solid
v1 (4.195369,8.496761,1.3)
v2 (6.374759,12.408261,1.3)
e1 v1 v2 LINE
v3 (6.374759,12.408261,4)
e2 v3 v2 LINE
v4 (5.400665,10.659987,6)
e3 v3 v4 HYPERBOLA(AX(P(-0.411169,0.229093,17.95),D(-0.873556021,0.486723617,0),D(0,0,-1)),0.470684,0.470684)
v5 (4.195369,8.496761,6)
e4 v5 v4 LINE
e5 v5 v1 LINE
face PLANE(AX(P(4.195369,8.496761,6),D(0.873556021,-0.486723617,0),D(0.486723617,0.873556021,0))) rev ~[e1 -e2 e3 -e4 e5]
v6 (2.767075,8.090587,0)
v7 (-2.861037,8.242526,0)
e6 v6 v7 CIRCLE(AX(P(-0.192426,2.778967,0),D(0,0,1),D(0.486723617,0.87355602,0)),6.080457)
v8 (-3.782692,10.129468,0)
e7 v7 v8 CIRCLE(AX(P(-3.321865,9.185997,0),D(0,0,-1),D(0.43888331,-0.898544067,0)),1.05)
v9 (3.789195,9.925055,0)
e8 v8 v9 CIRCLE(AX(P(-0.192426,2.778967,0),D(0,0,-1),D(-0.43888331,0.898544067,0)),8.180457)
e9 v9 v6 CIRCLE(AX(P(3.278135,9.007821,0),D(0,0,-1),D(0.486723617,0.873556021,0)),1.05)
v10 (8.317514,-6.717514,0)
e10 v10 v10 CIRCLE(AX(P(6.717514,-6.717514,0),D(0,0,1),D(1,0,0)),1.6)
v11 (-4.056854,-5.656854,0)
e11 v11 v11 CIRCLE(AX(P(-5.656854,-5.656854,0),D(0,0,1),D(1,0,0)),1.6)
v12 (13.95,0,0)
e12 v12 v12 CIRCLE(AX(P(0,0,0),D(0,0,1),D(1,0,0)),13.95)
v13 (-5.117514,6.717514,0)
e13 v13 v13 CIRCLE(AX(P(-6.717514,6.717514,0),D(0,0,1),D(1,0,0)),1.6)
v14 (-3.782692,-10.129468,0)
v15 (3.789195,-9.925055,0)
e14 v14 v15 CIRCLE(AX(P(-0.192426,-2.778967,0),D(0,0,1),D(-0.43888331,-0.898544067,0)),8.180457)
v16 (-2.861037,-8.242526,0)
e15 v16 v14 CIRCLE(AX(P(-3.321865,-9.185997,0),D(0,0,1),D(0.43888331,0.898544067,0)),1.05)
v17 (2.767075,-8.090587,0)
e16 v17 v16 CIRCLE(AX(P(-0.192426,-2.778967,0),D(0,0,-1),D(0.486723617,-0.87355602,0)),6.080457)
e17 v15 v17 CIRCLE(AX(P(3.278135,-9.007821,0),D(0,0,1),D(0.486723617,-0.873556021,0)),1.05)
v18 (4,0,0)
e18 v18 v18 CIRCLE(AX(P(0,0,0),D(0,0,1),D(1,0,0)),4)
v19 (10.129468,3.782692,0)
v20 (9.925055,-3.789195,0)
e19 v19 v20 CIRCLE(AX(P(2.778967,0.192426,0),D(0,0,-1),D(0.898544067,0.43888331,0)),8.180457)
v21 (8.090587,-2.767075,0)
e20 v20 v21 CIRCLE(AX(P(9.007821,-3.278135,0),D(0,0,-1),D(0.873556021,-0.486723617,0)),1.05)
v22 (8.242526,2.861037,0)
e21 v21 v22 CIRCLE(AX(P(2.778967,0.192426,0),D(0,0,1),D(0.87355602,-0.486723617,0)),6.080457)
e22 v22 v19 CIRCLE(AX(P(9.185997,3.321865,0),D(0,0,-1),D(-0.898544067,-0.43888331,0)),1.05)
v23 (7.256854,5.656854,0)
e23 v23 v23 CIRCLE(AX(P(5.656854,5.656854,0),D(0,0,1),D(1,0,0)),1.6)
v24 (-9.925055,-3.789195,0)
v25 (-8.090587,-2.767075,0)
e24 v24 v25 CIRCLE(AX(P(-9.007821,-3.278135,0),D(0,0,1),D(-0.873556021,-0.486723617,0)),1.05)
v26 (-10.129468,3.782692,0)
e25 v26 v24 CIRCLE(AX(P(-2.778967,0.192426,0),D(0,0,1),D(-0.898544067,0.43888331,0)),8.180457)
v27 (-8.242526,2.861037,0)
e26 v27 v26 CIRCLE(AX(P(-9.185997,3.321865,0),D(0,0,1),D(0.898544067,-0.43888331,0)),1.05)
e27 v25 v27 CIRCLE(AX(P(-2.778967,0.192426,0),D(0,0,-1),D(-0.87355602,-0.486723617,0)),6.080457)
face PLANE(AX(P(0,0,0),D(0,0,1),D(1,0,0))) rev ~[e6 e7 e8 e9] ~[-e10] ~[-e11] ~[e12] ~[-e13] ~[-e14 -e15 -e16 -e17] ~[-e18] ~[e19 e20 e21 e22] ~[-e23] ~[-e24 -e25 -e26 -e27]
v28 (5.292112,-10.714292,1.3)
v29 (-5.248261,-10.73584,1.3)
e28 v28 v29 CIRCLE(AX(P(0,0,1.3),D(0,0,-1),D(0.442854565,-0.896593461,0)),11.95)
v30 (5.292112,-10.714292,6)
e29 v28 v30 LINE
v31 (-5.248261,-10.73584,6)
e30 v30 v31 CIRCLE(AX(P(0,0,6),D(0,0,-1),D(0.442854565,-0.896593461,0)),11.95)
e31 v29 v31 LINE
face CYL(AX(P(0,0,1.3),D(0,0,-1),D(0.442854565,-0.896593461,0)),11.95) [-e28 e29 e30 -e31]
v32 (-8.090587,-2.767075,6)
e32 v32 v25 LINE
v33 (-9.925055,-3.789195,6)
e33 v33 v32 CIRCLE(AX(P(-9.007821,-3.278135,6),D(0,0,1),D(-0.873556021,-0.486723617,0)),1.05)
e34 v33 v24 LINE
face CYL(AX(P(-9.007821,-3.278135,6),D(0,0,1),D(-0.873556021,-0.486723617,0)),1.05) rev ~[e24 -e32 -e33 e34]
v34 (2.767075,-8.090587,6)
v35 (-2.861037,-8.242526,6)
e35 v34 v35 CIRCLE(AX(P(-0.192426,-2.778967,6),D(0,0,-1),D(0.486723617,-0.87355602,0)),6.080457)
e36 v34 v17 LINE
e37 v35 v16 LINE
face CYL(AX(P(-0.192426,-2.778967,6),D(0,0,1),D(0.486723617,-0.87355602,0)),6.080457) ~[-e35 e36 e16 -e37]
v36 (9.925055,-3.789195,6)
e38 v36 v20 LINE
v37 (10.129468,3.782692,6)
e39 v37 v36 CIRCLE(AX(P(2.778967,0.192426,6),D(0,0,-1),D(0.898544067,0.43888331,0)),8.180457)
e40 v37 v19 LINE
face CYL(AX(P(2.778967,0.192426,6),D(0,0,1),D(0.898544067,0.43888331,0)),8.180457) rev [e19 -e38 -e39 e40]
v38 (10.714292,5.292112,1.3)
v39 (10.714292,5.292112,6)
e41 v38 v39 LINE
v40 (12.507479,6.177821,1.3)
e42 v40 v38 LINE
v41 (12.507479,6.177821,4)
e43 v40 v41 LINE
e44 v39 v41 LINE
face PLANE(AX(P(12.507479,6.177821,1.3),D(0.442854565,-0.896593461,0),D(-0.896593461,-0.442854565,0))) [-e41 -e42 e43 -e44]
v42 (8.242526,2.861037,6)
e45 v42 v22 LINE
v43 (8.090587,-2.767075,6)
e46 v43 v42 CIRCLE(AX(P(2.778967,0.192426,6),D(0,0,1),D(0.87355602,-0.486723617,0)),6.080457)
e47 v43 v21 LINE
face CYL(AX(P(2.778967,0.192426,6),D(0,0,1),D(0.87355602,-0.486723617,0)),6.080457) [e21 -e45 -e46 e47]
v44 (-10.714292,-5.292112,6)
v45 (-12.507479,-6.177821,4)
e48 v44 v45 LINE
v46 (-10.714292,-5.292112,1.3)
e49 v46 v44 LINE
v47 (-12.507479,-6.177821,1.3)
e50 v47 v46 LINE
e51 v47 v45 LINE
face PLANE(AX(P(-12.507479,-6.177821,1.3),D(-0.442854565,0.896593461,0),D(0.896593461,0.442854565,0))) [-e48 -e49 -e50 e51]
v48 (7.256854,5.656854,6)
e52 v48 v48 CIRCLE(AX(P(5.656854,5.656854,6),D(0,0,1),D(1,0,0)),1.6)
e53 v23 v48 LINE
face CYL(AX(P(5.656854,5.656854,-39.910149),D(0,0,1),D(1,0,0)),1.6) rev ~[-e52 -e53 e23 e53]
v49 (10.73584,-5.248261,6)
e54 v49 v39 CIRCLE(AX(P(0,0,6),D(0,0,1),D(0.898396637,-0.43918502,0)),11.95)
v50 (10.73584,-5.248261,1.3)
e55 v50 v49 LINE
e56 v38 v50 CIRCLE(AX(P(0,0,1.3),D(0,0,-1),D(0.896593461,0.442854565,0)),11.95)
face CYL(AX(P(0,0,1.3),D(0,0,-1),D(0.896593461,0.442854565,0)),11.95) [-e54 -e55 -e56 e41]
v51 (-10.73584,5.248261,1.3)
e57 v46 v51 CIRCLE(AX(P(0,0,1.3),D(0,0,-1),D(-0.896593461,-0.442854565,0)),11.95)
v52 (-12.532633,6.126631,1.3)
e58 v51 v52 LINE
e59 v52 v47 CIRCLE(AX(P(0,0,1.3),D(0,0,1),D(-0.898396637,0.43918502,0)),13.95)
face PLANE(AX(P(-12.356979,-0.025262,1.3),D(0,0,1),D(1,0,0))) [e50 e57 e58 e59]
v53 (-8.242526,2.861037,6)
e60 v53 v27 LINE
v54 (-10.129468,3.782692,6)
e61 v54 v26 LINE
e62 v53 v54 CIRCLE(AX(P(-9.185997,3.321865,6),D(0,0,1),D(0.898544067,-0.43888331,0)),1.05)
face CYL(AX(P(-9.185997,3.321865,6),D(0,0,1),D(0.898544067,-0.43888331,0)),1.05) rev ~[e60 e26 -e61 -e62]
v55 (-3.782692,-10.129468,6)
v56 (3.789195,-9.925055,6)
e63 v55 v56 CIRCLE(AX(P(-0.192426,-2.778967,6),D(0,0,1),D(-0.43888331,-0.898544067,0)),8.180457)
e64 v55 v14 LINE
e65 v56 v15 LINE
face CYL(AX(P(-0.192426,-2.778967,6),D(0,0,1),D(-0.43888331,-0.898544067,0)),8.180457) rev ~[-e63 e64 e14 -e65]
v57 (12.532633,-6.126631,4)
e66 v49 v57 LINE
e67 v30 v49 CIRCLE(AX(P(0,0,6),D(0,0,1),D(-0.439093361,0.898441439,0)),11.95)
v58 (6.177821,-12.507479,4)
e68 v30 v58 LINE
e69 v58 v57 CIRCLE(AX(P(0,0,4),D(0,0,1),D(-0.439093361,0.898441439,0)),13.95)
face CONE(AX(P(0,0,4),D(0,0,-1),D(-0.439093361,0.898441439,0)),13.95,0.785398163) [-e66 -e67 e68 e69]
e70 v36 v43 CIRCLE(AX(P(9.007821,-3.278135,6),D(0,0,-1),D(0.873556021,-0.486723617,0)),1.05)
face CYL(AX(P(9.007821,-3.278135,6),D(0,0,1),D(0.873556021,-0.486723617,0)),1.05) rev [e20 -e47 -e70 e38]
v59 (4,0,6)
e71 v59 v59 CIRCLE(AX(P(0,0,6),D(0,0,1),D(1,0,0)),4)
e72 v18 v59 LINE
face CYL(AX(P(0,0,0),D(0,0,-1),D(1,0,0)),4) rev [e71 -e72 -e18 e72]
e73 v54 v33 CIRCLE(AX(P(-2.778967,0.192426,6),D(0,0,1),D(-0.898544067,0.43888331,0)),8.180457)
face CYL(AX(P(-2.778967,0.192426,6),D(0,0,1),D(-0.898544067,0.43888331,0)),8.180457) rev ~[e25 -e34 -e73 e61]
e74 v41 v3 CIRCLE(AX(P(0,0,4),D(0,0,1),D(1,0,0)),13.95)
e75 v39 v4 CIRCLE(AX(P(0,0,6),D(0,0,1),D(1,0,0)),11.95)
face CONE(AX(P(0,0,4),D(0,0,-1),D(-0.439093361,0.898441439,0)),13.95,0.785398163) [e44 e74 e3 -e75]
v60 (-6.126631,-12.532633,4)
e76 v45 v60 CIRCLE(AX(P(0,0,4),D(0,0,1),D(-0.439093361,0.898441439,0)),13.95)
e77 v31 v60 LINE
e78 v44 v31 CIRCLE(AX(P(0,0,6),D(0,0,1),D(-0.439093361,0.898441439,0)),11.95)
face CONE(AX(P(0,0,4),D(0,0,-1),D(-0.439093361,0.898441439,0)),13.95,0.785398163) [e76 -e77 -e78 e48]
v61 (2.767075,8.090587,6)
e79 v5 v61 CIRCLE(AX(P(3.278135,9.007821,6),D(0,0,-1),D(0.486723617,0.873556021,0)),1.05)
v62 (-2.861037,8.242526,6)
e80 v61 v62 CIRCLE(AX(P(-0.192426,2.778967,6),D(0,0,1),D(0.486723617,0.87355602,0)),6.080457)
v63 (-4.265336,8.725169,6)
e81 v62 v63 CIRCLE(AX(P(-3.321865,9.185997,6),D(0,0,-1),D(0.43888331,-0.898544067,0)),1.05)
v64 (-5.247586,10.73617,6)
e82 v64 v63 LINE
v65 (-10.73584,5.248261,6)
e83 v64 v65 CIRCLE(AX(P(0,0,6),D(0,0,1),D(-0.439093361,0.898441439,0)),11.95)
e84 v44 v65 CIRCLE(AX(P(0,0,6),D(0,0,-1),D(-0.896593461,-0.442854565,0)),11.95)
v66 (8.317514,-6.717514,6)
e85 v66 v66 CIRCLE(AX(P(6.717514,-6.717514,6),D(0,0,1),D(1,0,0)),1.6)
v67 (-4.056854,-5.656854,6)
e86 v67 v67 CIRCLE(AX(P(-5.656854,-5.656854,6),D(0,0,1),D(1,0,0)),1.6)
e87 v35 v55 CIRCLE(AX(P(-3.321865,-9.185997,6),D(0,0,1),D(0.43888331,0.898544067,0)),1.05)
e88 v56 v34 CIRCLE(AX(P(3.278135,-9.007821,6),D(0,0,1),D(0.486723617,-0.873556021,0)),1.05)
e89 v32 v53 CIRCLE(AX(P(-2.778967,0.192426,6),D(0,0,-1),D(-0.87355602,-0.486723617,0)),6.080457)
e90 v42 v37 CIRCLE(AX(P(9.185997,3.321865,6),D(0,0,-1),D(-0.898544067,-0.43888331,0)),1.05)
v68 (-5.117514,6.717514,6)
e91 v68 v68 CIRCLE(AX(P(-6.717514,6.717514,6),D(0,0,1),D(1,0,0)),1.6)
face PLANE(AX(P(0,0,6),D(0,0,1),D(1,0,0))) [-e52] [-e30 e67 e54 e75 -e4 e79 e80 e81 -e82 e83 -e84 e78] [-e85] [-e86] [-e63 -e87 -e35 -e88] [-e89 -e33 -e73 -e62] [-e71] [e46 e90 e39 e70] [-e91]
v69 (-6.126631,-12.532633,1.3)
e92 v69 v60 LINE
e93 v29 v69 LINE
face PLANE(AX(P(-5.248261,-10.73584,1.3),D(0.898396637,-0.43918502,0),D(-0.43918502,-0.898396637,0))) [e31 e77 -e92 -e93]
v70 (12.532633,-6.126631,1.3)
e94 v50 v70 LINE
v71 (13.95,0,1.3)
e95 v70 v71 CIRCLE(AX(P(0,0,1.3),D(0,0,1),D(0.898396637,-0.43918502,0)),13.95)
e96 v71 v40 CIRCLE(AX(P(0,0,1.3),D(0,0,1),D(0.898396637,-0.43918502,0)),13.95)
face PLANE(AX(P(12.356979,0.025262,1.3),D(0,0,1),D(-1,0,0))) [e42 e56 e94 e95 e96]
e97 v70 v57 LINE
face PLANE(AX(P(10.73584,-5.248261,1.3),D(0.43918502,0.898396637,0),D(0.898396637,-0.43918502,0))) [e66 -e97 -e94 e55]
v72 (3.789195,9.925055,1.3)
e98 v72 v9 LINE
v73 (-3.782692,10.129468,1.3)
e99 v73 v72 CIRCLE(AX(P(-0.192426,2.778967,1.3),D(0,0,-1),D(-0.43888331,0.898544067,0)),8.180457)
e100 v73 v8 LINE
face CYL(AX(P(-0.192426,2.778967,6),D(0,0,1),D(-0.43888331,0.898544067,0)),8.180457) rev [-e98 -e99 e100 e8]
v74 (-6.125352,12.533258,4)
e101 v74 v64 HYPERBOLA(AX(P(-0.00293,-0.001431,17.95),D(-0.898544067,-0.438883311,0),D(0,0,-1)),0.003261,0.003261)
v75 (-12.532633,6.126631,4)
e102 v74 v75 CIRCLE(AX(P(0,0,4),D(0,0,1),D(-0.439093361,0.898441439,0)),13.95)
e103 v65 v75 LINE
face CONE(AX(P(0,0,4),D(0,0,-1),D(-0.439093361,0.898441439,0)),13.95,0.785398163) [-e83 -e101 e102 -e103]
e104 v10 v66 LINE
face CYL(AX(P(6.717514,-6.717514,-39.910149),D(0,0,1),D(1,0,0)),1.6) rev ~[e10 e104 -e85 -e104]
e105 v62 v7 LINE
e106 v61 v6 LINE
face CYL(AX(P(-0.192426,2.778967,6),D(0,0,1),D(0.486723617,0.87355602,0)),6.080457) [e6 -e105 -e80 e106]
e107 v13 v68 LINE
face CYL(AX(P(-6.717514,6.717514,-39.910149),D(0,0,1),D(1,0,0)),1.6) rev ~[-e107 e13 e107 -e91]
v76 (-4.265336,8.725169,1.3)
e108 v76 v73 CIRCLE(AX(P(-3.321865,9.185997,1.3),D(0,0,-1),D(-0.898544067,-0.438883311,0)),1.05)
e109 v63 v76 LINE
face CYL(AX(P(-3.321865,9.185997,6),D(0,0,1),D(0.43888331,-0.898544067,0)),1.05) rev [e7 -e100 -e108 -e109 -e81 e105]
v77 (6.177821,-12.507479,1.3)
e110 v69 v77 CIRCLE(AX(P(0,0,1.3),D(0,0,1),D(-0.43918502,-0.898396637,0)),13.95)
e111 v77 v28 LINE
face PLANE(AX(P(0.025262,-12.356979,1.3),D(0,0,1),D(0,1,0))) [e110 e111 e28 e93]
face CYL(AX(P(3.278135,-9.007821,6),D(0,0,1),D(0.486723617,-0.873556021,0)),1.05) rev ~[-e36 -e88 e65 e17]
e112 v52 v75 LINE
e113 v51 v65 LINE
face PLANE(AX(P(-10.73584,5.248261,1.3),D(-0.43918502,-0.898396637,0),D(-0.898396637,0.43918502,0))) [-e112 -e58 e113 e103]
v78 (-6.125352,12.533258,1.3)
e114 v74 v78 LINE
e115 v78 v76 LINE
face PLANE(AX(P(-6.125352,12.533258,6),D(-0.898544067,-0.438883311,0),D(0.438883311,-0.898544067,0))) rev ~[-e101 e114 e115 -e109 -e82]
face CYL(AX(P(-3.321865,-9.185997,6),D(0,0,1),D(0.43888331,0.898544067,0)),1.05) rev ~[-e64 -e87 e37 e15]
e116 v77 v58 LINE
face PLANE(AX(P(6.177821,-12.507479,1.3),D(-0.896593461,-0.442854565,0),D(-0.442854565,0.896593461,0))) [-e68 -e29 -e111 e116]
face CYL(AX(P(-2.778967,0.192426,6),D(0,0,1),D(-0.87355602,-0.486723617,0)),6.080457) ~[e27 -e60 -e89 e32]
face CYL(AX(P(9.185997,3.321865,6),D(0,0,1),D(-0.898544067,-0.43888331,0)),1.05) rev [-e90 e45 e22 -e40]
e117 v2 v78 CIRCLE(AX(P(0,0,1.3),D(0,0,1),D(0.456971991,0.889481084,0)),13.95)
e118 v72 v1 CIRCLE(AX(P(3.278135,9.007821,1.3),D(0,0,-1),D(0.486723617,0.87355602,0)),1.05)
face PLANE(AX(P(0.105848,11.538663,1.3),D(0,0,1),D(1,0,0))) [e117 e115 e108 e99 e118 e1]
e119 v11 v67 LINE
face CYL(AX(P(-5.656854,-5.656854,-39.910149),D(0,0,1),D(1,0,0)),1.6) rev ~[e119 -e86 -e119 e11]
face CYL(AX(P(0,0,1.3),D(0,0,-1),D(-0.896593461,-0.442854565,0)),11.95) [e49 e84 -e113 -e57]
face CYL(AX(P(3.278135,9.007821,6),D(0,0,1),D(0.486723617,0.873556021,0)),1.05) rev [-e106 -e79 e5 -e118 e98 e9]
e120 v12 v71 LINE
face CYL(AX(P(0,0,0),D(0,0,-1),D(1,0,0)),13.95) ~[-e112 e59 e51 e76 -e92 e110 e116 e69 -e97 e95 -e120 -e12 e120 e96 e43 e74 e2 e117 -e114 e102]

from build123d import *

# Parameters (mm, degrees)
IZIM1_R                     = 13.95
IZIM1_R_2                   = 4
Y_KSEKLIK_EKSTR_ZYON3_DEPTH = 6
M3_BO_LUKLU_DELIK3_D        = 3.2
KES_EKSTR_ZYON2_DEPTH       = 6
DAIRESEL_KAPLAMA1_COUNT     = 2
DAIRESEL_KAPLAMA1_ANGLE     = 90
KES_EKSTR_ZYON11_DEPTH      = 4.7
PAH1_SIZE                   = 2
KES_EKSTR_ZYON12_START      = -4.7
KES_EKSTR_ZYON12_DEPTH      = 4.7
DAIRESEL_KAPLAMA2_COUNT     = 3
DAIRESEL_KAPLAMA2_ANGLE     = 180


with BuildPart() as part:
    # Çizim1 → Yükseklik-Ekstrüzyon3 (new body)
    with BuildSketch(Plane.XY):
        Circle(IZIM1_R)
        Circle(IZIM1_R_2, mode=Mode.SUBTRACT)
    extrude(amount=Y_KSEKLIK_EKSTR_ZYON3_DEPTH)

    # M3 Boşluklu Delik3 (through all)
    with Locations(Plane(origin=(0, 0, 0), x_dir=(-1, 0, 0), z_dir=(0, 0, -1))):
        with Locations((-5.656854249, 5.656854249), (-6.717514421, -6.717514421), (5.656854249, -5.656854249), (6.717514421, 6.717514421)):
            Hole(M3_BO_LUKLU_DELIK3_D / 2)

    # Çizim13 → Kes-Ekstrüzyon2 (cut)
    with BuildSketch(Plane.XY.offset(6)):
        with BuildLine():
            ThreePointArc((-10.129468154, 3.782692346), (-10.95644466, -0.028335886), (-9.925054528, -3.789194927))
            ThreePointArc((-9.925054528, -3.789194927), (-8.496760909, -4.195368951), (-8.090586885, -2.767075332))
            ThreePointArc((-8.090586885, -2.767075332), (-8.857209488, 0.028335886), (-8.242525614, 2.861037394))
            ThreePointArc((-8.242525614, 2.861037394), (-8.725169408, 4.26533614), (-10.129468154, 3.782692346))
        make_face()
        with BuildLine():
            ThreePointArc((10.129468154, 3.782692346), (10.95644466, -0.028335886), (9.925054528, -3.789194927))
            ThreePointArc((9.925054528, -3.789194927), (8.496760909, -4.195368951), (8.090586885, -2.767075332))
            ThreePointArc((8.090586885, -2.767075332), (8.857209488, 0.028335886), (8.242525614, 2.861037394))
            ThreePointArc((8.242525614, 2.861037394), (8.725169408, 4.26533614), (10.129468154, 3.782692346))
        make_face()
    kes_ekstr_zyon2 = extrude(amount=-KES_EKSTR_ZYON2_DEPTH, mode=Mode.SUBTRACT)

    # Dairesel Kaplama1: Kes-Ekstrüzyon2 ×2 about axis
    dairesel_kaplama1_axis = Axis((0, 0, 0), (0, 0, 1))
    for i in range(1, DAIRESEL_KAPLAMA1_COUNT):
        add(kes_ekstr_zyon2.rotate(dairesel_kaplama1_axis, i * DAIRESEL_KAPLAMA1_ANGLE / (DAIRESEL_KAPLAMA1_COUNT - 1)), mode=Mode.SUBTRACT)

    # Çizim16 → Kes-Ekstrüzyon11 (cut)
    with BuildSketch(Plane.XY.offset(6)):
        with BuildLine():
            Line((-6.125352388, 12.533258081), (-4.26533614, 8.725169408))
            ThreePointArc((-4.26533614, 8.725169408), (-4.314854036, 9.527277584), (-3.782692346, 10.129468154))
            ThreePointArc((-3.782692346, 10.129468154), (0.028335886, 10.95644466), (3.789194927, 9.925054528))
            ThreePointArc((3.789194927, 9.925054528), (4.288091233, 9.295029113), (4.195368951, 8.496760909))
            Line((4.195368951, 8.496760909), (6.374759269, 12.408261129))
            ThreePointArc((6.374759269, 12.408261129), (0.139488378, 13.949302599), (-6.125352388, 12.533258081))
        make_face()
    extrude(amount=-KES_EKSTR_ZYON11_DEPTH, mode=Mode.SUBTRACT)

    # Pah1
    pah1_edges = [part.edges().sort_by_distance(p)[0] for p in [
        (-7.387619176, -11.833240592, 6),
    ]]
    chamfer(pah1_edges, length=PAH1_SIZE)

    # Çizim18 → Kes-Ekstrüzyon12 (cut)
    with BuildSketch(Plane.XY.offset(6).offset(KES_EKSTR_ZYON12_START)):
        with BuildLine():
            Line((-10.735839815, 5.248260994), (-12.53263309, 6.126631034))
            ThreePointArc((-12.53263309, 6.126631034), (-13.94997085, -0.028518286), (-12.50747878, -6.177821183))
            Line((-12.50747878, -6.177821183), (-10.714291858, -5.292112053))
            ThreePointArc((-10.714291858, -5.292112053), (-11.949975029, -0.024429643), (-10.735839815, 5.248260994))
        make_face()
    kes_ekstr_zyon12 = extrude(amount=KES_EKSTR_ZYON12_DEPTH, mode=Mode.SUBTRACT)

    # Dairesel Kaplama2: Kes-Ekstrüzyon12 ×3 about axis
    dairesel_kaplama2_axis = Axis((0, 0, 6), (0, 0, 1))
    for i in range(1, DAIRESEL_KAPLAMA2_COUNT):
        add(kes_ekstr_zyon12.rotate(dairesel_kaplama2_axis, i * DAIRESEL_KAPLAMA2_ANGLE / (DAIRESEL_KAPLAMA2_COUNT - 1)), mode=Mode.SUBTRACT)


solid = part.part
